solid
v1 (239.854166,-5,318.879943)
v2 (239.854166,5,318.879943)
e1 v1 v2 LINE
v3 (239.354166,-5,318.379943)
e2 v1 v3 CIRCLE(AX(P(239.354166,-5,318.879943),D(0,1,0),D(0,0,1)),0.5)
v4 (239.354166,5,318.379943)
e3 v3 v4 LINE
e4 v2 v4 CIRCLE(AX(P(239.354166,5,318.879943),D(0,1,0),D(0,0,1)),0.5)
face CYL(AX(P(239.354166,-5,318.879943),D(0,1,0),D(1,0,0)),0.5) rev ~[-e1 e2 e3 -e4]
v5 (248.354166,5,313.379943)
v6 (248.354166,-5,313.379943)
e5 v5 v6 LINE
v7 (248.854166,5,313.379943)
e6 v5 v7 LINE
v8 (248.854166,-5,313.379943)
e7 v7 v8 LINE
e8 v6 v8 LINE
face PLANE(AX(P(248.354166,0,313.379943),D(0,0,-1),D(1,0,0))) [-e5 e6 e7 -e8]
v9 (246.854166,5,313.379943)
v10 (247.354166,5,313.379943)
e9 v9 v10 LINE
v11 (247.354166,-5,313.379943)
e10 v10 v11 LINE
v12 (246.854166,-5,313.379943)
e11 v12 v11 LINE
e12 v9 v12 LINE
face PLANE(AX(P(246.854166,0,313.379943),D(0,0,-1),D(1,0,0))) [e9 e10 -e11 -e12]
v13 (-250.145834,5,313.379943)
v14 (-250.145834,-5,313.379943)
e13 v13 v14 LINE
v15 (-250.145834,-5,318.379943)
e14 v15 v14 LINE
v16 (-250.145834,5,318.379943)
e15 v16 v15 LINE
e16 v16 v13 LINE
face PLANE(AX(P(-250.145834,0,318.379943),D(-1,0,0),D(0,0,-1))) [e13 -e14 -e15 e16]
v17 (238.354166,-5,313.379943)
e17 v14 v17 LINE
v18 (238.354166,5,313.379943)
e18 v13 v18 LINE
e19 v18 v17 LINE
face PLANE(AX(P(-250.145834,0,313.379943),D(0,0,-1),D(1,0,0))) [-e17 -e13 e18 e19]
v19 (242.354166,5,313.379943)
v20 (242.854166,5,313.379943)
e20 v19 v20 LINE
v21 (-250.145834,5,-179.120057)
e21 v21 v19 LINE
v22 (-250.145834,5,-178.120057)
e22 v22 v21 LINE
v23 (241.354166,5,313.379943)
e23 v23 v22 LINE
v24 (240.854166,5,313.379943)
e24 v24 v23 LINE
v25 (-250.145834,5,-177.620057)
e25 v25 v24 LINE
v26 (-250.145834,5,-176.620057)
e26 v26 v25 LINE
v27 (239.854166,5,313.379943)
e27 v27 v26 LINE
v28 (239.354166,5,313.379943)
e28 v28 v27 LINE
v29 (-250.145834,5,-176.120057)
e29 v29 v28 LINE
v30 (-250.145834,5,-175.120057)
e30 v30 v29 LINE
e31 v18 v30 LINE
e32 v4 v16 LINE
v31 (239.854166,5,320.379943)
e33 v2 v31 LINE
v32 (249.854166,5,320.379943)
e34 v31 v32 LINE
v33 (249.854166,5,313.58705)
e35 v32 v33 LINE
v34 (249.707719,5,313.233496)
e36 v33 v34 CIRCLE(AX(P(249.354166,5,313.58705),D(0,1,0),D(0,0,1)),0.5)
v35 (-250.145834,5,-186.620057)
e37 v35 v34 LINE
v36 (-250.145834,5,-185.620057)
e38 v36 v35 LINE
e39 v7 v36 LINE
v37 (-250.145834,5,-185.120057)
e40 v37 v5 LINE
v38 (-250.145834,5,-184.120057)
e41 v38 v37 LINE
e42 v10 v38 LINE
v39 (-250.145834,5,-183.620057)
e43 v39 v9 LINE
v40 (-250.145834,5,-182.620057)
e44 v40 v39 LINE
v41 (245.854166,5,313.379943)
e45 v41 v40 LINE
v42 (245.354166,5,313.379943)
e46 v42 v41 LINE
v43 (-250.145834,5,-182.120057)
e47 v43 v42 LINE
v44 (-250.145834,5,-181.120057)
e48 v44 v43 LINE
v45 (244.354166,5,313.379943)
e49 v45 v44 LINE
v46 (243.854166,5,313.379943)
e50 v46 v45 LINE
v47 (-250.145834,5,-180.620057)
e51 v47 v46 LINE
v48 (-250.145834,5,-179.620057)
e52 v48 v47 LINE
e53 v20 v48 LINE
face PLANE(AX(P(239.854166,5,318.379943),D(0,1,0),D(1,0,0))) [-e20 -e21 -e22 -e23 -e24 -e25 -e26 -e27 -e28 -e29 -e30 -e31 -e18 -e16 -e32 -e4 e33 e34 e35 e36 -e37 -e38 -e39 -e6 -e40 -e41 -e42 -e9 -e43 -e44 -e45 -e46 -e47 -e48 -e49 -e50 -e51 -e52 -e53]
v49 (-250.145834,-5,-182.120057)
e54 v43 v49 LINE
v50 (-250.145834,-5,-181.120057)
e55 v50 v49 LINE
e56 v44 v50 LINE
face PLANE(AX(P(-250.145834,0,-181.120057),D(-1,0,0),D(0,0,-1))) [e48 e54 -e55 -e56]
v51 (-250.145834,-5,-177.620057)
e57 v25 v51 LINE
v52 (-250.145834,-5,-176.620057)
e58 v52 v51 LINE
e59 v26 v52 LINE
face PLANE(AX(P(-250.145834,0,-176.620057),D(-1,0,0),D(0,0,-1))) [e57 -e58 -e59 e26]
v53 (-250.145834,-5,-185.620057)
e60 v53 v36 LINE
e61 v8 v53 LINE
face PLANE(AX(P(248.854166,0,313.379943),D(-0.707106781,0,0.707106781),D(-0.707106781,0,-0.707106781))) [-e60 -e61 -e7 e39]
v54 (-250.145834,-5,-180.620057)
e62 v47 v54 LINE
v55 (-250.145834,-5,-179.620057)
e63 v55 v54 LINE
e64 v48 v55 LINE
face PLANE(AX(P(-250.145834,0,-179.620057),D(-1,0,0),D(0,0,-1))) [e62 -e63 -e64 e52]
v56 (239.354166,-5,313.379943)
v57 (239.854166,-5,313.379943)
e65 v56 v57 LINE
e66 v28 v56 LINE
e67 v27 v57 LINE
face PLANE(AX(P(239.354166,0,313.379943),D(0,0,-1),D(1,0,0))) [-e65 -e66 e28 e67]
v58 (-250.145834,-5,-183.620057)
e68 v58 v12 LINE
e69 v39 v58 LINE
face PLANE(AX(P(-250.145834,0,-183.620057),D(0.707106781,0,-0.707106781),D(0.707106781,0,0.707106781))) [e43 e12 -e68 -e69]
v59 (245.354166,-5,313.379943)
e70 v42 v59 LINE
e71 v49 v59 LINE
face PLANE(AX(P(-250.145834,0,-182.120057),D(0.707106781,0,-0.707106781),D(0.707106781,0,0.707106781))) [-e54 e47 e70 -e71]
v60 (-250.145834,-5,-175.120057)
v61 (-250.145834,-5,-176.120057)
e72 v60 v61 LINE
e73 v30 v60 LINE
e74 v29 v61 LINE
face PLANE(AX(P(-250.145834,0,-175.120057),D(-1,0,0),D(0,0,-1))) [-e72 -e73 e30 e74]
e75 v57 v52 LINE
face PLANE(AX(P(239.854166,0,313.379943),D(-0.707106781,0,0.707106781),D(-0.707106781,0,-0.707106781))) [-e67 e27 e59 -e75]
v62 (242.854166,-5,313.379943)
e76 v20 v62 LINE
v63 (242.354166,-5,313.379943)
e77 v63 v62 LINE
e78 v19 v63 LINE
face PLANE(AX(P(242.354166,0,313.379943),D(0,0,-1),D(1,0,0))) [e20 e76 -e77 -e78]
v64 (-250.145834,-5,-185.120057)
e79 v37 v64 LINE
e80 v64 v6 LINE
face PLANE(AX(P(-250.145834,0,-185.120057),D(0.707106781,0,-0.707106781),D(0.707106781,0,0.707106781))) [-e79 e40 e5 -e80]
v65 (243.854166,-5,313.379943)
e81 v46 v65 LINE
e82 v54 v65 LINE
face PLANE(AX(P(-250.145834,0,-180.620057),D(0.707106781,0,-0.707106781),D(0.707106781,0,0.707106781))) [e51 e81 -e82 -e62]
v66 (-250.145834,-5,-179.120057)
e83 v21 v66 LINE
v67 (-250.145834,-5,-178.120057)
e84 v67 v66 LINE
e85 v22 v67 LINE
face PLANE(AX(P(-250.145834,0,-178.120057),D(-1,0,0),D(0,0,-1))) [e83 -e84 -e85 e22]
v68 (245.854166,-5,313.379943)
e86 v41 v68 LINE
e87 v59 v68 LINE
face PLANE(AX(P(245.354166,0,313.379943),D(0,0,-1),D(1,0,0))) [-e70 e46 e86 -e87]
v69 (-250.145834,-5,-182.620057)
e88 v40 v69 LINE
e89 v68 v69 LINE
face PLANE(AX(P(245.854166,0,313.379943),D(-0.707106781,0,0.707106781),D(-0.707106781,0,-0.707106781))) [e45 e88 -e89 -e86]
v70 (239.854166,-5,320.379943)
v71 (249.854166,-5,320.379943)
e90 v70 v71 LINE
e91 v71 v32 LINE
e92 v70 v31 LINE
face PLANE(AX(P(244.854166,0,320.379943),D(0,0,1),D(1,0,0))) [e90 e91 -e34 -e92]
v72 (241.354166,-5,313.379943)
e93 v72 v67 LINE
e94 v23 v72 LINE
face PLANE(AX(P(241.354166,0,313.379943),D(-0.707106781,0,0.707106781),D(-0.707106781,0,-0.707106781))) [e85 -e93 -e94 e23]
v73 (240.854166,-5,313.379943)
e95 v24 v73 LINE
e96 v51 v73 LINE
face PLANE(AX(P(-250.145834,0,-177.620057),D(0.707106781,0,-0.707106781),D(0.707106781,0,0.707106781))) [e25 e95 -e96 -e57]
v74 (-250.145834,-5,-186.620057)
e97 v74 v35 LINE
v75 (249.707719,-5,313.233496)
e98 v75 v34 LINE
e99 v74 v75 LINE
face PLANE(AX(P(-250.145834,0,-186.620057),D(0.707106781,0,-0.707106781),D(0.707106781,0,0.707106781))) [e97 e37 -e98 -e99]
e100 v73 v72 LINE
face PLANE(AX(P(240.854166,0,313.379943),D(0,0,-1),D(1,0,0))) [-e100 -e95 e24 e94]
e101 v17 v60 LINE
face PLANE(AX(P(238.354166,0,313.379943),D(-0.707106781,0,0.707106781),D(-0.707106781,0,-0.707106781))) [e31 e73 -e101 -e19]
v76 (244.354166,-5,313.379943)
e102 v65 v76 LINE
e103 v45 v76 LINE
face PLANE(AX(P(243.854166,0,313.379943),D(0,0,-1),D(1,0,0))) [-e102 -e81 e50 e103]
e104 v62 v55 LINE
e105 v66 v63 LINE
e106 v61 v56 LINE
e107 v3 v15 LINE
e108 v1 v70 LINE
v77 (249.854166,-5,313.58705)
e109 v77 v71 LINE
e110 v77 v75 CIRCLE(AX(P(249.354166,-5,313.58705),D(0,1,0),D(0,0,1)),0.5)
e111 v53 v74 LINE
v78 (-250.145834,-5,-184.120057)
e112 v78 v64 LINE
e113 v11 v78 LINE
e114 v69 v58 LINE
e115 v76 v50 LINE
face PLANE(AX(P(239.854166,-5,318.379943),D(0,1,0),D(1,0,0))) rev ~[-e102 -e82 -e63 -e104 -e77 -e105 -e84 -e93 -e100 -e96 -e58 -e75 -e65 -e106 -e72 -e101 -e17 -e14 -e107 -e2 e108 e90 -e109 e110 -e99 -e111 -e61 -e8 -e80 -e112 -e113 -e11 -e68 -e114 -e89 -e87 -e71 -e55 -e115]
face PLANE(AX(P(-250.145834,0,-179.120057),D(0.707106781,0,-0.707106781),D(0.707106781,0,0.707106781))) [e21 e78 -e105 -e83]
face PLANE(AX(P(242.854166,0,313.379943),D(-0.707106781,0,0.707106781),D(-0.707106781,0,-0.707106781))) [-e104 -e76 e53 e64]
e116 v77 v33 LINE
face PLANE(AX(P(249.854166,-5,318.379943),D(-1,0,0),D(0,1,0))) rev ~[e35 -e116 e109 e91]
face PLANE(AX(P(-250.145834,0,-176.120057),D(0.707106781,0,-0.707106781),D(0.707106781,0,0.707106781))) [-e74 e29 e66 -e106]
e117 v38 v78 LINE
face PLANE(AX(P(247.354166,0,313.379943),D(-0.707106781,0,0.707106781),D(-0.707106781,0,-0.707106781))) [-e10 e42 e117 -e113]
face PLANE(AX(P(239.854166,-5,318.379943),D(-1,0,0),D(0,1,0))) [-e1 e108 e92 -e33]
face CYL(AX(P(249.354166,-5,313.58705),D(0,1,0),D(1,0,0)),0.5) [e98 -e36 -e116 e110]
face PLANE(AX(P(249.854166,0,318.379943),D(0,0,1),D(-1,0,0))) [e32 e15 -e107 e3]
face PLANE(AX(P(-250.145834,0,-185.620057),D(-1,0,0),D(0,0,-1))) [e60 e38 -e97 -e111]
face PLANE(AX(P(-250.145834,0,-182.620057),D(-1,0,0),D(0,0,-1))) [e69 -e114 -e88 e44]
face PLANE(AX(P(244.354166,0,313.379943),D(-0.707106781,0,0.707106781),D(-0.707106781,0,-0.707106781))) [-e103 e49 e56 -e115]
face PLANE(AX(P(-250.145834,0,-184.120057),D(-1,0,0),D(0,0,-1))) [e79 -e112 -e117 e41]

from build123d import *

# Parameters (mm, degrees)
F1_DEPTH = 5
F3_W     = 10
F3_H     = 10
F4_DEPTH = 2
F5_R     = 0.5


with BuildPart() as f1:
    # F0 (on Front) → F1 (new body, symmetric)
    with BuildSketch(Plane.XZ):
        Polygon((249.854166, 313.379943), (249.854166, 318.379943), (-250.145834, 318.379943), (-250.145834, 313.379943), (238.354166, 313.379943), (239.354166, 313.379943), (239.854166, 313.379943), (240.854166, 313.379943), (241.354166, 313.379943), (242.354166, 313.379943), (242.854166, 313.379943), (243.854166, 313.379943), (244.354166, 313.379943), (245.354166, 313.379943), (245.854166, 313.379943), (246.854166, 313.379943), (247.354166, 313.379943), (248.354166, 313.379943), (248.854166, 313.379943), align=None)
        Polygon((-250.145834, -185.120057), (248.354166, 313.379943), (247.354166, 313.379943), (-250.145834, -184.120057), align=None)
        Polygon((-250.145834, -186.620057), (249.854166, 313.379943), (248.854166, 313.379943), (-250.145834, -185.620057), align=None)
        Polygon((-250.145834, -182.120057), (245.354166, 313.379943), (244.354166, 313.379943), (-250.145834, -181.120057), align=None)
        Polygon((-250.145834, -183.620057), (246.854166, 313.379943), (245.854166, 313.379943), (-250.145834, -182.620057), align=None)
        Polygon((240.854166, 313.379943), (239.854166, 313.379943), (-250.145834, -176.620057), (-250.145834, -177.620057), align=None)
        Polygon((242.354166, 313.379943), (241.354166, 313.379943), (-250.145834, -178.120057), (-250.145834, -179.120057), align=None)
        Polygon((-250.145834, -180.620057), (243.854166, 313.379943), (242.854166, 313.379943), (-250.145834, -179.620057), align=None)
        Polygon((239.354166, 313.379943), (238.354166, 313.379943), (-250.145834, -175.120057), (-250.145834, -176.120057), align=None)
    extrude(amount=F1_DEPTH, both=True)

    # F3 (on face) → F4 (join)
    with BuildSketch(Plane.XY.offset(318.379943)):
        with Locations((244.854166, 0)):
            Rectangle(F3_W, F3_H)
    extrude(amount=F4_DEPTH)

    # F5
    f5_edges = [f1.edges().sort_by_distance(p)[0] for p in [
        (239.854166, 0, 318.379943),
        (249.854166, 0, 313.379943),
    ]]
    fillet(f5_edges, radius=F5_R)


solid = f1.part
